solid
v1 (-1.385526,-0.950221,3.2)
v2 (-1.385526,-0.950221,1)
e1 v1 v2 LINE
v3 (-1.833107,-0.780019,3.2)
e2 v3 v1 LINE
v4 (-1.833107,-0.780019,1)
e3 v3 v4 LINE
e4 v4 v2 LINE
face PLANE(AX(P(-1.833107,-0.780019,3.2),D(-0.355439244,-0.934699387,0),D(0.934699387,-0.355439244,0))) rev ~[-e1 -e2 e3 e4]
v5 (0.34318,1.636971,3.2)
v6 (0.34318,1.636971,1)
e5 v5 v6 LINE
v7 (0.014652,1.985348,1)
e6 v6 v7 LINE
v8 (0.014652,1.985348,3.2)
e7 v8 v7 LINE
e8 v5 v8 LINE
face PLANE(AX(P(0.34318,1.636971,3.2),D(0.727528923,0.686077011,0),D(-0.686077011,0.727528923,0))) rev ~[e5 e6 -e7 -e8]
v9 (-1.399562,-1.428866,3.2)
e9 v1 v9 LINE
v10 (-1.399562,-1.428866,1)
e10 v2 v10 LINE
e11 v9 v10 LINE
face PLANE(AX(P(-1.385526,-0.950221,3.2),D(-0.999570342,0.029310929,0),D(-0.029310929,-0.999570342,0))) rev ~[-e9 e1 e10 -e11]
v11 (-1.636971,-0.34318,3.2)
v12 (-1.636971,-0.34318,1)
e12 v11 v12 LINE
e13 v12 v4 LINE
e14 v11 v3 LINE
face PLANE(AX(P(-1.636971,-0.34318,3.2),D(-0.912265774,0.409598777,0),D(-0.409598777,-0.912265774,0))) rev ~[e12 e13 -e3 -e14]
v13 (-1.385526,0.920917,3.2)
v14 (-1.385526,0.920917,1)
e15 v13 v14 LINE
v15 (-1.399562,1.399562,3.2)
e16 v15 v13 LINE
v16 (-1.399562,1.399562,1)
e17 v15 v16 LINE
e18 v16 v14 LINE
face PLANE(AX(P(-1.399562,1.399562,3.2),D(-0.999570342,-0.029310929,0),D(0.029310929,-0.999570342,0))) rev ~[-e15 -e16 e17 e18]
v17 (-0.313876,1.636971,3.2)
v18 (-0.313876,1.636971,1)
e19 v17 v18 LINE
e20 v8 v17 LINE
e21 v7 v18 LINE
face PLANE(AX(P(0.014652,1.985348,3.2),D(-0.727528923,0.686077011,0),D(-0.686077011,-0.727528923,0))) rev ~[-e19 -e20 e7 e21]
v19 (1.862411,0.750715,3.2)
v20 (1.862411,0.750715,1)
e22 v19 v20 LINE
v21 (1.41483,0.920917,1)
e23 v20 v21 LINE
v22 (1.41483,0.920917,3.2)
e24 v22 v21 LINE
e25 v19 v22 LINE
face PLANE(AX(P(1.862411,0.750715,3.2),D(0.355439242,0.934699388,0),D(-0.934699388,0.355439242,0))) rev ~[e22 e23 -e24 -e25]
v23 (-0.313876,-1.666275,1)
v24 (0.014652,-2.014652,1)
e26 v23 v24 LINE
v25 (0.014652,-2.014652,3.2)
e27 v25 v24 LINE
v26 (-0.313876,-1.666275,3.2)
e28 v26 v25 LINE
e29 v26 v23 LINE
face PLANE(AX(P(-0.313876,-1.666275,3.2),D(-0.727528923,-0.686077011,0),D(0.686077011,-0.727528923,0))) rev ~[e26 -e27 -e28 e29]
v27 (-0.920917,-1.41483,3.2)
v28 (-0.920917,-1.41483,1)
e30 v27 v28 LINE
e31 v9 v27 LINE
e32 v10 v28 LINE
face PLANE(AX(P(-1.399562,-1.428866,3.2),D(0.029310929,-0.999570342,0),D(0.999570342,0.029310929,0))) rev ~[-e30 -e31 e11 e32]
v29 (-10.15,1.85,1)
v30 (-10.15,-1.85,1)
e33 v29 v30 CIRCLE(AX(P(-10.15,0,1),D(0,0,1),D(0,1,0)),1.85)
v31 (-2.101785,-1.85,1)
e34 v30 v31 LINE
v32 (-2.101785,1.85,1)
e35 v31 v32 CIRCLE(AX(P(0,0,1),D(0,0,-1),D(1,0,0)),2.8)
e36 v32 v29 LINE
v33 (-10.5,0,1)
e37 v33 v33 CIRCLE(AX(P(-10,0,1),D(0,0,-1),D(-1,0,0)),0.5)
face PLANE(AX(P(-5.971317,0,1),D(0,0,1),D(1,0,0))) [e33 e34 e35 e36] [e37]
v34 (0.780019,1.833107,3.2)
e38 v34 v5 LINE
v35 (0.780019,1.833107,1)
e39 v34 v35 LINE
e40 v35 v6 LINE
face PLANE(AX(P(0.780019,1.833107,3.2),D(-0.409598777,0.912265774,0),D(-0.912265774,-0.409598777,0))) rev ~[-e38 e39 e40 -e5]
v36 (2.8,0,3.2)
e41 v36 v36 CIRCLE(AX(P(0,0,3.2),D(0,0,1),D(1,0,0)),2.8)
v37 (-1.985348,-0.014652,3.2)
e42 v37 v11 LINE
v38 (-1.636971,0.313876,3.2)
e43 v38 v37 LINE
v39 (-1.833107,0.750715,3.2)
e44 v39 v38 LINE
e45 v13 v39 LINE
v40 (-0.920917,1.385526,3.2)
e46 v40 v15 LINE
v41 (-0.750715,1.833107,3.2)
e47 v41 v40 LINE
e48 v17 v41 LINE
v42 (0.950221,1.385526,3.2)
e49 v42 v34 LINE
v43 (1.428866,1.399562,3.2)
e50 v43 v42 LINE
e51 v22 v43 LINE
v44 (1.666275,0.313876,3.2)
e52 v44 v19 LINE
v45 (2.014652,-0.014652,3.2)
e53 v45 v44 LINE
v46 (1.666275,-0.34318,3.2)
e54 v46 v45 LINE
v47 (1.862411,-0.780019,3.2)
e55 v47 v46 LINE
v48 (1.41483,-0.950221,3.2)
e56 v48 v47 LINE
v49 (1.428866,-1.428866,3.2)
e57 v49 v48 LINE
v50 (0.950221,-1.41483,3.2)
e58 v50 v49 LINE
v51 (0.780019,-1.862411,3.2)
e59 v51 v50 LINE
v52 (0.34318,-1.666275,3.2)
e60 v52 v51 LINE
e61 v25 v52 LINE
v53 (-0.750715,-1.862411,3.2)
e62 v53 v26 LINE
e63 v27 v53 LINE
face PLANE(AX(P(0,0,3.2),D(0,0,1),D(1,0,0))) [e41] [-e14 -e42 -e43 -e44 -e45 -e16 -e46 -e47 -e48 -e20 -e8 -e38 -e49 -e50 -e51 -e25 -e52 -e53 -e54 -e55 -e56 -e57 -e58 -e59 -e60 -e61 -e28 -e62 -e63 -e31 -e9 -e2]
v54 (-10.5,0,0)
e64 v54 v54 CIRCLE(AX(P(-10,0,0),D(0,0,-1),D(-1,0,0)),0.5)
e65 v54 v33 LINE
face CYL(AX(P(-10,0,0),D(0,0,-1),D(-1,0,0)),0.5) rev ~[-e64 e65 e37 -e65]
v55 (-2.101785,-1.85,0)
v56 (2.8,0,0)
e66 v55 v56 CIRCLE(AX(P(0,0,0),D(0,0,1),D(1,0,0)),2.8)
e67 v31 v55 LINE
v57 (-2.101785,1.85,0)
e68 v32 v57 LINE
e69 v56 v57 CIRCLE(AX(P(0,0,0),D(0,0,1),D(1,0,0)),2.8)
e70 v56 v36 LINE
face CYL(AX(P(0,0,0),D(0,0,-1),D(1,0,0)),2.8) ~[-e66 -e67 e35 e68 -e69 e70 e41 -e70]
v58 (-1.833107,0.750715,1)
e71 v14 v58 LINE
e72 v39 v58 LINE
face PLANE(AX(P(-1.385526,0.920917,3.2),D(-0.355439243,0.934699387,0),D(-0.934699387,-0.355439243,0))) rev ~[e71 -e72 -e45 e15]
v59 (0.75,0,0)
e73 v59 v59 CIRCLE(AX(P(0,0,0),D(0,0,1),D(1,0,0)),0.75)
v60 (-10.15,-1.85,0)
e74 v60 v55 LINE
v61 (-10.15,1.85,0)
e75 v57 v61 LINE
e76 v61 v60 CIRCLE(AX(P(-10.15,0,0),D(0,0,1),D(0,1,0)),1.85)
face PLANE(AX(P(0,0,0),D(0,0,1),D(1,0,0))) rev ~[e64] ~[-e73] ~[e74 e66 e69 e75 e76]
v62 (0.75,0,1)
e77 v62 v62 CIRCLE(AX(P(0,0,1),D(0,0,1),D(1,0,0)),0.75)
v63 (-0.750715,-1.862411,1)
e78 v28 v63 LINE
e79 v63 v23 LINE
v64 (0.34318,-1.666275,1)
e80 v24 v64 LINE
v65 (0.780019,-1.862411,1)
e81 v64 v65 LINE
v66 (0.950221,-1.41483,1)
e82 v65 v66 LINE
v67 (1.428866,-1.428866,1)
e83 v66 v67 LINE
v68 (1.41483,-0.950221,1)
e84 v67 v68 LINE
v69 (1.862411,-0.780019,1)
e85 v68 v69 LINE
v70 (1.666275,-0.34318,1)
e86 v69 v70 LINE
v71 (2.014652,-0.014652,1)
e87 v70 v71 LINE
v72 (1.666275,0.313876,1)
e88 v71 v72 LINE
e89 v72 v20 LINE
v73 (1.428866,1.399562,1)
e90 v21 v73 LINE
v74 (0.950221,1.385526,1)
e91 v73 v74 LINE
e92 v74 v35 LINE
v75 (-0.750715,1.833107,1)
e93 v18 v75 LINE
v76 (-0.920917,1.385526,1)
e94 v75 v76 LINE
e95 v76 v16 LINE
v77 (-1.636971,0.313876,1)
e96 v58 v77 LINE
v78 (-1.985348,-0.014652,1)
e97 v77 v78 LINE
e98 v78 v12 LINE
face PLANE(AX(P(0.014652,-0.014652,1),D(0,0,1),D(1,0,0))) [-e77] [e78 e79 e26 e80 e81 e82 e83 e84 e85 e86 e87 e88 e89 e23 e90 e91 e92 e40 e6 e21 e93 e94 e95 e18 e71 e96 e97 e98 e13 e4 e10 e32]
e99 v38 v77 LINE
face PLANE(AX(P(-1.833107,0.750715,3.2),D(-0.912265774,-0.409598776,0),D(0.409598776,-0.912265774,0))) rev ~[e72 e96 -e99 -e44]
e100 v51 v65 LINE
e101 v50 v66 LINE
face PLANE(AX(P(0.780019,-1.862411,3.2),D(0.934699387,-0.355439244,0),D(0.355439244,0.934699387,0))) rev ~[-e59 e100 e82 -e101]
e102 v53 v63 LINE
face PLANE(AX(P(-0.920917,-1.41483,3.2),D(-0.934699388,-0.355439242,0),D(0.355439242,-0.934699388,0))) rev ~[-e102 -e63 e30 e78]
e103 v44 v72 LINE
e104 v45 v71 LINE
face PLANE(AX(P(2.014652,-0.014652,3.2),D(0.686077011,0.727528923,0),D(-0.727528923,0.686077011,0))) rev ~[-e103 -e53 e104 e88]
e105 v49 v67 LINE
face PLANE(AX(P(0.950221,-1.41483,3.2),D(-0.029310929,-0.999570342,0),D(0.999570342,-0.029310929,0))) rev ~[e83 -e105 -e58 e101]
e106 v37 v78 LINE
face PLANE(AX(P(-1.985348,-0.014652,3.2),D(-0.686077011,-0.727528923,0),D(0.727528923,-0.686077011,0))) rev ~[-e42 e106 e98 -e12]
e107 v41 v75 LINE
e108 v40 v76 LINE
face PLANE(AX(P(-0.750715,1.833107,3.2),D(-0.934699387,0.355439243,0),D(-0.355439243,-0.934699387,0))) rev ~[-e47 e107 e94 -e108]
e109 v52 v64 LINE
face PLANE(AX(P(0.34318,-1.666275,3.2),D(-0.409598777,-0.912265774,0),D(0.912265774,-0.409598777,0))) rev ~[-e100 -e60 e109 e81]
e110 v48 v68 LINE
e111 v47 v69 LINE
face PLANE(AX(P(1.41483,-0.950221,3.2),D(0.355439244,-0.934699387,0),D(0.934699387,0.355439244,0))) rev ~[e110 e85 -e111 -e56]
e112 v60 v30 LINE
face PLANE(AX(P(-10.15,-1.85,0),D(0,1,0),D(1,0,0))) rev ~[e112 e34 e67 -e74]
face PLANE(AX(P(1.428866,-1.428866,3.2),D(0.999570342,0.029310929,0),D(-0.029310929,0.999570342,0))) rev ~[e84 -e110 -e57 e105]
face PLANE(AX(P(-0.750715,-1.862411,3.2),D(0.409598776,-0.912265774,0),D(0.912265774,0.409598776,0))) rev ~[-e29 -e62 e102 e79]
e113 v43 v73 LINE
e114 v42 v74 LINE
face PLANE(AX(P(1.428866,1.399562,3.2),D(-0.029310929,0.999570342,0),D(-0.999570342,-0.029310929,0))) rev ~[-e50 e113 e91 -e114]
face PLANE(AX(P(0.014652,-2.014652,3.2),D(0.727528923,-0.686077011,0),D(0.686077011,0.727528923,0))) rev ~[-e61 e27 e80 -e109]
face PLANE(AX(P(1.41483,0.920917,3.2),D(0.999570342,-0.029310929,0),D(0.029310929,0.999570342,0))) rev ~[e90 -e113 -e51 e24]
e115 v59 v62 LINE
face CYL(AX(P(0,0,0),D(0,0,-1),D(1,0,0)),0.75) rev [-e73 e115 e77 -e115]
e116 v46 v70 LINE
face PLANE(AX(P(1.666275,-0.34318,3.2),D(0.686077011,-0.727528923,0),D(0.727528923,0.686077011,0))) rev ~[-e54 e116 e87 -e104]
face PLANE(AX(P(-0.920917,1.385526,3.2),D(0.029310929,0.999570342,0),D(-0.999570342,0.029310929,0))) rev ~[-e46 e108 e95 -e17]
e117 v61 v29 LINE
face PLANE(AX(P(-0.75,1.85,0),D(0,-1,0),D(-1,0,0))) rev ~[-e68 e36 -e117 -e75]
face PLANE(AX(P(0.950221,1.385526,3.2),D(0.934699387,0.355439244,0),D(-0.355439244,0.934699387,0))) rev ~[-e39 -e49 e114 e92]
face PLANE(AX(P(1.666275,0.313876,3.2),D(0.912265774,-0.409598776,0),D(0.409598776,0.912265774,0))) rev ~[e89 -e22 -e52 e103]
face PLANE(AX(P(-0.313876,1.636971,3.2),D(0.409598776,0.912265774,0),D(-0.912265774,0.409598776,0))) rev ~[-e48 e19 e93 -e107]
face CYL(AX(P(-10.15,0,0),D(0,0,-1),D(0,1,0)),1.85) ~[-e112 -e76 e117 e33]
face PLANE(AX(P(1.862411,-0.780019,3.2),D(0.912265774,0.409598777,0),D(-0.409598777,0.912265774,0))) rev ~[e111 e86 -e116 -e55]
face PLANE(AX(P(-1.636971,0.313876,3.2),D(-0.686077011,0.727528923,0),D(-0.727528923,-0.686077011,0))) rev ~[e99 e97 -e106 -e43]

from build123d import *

# Parameters (mm, degrees)
SKETCH1_R           = 2.8
BOSS_EXTRUDE1_DEPTH = 3.2
CUT_EXTRUDE1_DEPTH  = 2.2
SKETCH3_R           = 0.75
CUT_EXTRUDE2_DEPTH  = 1
BOSS_EXTRUDE2_DEPTH = 1
CUT_EXTRUDE3_REACH  = 14.731
SKETCH5_R           = 0.5


with BuildPart() as part:
    # Sketch1 → Boss-Extrude1 (new body)
    with BuildSketch(Plane.XY):
        Circle(SKETCH1_R)
    extrude(amount=BOSS_EXTRUDE1_DEPTH)

    # Sketch2 → Cut-Extrude1 (cut)
    with BuildSketch(Plane.XY.offset(3.2)):
        Polygon((0.014651949, 1.985348051), (-0.313876209, 1.636970634), (-0.750714916, 1.833107116), (-0.920917091, 1.385526068), (-1.399561614, 1.399561614), (-1.385526068, 0.920917091), (-1.833107116, 0.750714916), (-1.636970634, 0.313876209), (-1.985348051, -0.014651949), (-1.636970634, -0.343180107), (-1.833107116, -0.780018813), (-1.385526068, -0.950220989), (-1.399561614, -1.428865511), (-0.920917091, -1.414829965), (-0.750714916, -1.862411014), (-0.313876209, -1.666274532), (0.014651949, -2.014651949), (0.343180107, -1.666274532), (0.780018813, -1.862411014), (0.950220989, -1.414829965), (1.428865511, -1.428865511), (1.414829965, -0.950220989), (1.862411014, -0.780018813), (1.666274532, -0.343180107), (2.014651949, -0.014651949), (1.666274532, 0.313876209), (1.862411014, 0.750714916), (1.414829965, 0.920917091), (1.428865511, 1.399561614), (0.950220989, 1.385526068), (0.780018813, 1.833107116), (0.343180107, 1.636970634), align=None)
    extrude(amount=-CUT_EXTRUDE1_DEPTH, mode=Mode.SUBTRACT)

    # Sketch3 → Cut-Extrude2 (cut)
    with BuildSketch(Plane.XY):
        Circle(SKETCH3_R)
    extrude(amount=CUT_EXTRUDE2_DEPTH, mode=Mode.SUBTRACT)

    # Sketch4 → Boss-Extrude2 (add)
    with BuildSketch(Plane.XY):
        with BuildLine():
            Line((-0.75, -1.85), (-0.75, 1.85))
            Line((-0.75, 1.85), (-10.15, 1.85))
            ThreePointArc((-10.15, 1.85), (-12, 0), (-10.15, -1.85))
            Line((-10.15, -1.85), (-0.75, -1.85))
        make_face()
    extrude(amount=BOSS_EXTRUDE2_DEPTH)

    # Sketch5 → Cut-Extrude3 (cut, up to next)
    with BuildSketch(Plane(origin=(0, 0, 0), x_dir=(-1, 0, 0), z_dir=(0, 0, -1)), mode=Mode.PRIVATE) as cut_extrude3_sk1:
        with Locations((10, 0)):
            Circle(SKETCH5_R)
    cut_extrude3_tool1 = extrude(cut_extrude3_sk1.sketch, amount=-CUT_EXTRUDE3_REACH, mode=Mode.PRIVATE) & part.part
    add(cut_extrude3_tool1.solids().sort_by_distance((-10, 0, 0))[0], mode=Mode.SUBTRACT)


solid = part.part
